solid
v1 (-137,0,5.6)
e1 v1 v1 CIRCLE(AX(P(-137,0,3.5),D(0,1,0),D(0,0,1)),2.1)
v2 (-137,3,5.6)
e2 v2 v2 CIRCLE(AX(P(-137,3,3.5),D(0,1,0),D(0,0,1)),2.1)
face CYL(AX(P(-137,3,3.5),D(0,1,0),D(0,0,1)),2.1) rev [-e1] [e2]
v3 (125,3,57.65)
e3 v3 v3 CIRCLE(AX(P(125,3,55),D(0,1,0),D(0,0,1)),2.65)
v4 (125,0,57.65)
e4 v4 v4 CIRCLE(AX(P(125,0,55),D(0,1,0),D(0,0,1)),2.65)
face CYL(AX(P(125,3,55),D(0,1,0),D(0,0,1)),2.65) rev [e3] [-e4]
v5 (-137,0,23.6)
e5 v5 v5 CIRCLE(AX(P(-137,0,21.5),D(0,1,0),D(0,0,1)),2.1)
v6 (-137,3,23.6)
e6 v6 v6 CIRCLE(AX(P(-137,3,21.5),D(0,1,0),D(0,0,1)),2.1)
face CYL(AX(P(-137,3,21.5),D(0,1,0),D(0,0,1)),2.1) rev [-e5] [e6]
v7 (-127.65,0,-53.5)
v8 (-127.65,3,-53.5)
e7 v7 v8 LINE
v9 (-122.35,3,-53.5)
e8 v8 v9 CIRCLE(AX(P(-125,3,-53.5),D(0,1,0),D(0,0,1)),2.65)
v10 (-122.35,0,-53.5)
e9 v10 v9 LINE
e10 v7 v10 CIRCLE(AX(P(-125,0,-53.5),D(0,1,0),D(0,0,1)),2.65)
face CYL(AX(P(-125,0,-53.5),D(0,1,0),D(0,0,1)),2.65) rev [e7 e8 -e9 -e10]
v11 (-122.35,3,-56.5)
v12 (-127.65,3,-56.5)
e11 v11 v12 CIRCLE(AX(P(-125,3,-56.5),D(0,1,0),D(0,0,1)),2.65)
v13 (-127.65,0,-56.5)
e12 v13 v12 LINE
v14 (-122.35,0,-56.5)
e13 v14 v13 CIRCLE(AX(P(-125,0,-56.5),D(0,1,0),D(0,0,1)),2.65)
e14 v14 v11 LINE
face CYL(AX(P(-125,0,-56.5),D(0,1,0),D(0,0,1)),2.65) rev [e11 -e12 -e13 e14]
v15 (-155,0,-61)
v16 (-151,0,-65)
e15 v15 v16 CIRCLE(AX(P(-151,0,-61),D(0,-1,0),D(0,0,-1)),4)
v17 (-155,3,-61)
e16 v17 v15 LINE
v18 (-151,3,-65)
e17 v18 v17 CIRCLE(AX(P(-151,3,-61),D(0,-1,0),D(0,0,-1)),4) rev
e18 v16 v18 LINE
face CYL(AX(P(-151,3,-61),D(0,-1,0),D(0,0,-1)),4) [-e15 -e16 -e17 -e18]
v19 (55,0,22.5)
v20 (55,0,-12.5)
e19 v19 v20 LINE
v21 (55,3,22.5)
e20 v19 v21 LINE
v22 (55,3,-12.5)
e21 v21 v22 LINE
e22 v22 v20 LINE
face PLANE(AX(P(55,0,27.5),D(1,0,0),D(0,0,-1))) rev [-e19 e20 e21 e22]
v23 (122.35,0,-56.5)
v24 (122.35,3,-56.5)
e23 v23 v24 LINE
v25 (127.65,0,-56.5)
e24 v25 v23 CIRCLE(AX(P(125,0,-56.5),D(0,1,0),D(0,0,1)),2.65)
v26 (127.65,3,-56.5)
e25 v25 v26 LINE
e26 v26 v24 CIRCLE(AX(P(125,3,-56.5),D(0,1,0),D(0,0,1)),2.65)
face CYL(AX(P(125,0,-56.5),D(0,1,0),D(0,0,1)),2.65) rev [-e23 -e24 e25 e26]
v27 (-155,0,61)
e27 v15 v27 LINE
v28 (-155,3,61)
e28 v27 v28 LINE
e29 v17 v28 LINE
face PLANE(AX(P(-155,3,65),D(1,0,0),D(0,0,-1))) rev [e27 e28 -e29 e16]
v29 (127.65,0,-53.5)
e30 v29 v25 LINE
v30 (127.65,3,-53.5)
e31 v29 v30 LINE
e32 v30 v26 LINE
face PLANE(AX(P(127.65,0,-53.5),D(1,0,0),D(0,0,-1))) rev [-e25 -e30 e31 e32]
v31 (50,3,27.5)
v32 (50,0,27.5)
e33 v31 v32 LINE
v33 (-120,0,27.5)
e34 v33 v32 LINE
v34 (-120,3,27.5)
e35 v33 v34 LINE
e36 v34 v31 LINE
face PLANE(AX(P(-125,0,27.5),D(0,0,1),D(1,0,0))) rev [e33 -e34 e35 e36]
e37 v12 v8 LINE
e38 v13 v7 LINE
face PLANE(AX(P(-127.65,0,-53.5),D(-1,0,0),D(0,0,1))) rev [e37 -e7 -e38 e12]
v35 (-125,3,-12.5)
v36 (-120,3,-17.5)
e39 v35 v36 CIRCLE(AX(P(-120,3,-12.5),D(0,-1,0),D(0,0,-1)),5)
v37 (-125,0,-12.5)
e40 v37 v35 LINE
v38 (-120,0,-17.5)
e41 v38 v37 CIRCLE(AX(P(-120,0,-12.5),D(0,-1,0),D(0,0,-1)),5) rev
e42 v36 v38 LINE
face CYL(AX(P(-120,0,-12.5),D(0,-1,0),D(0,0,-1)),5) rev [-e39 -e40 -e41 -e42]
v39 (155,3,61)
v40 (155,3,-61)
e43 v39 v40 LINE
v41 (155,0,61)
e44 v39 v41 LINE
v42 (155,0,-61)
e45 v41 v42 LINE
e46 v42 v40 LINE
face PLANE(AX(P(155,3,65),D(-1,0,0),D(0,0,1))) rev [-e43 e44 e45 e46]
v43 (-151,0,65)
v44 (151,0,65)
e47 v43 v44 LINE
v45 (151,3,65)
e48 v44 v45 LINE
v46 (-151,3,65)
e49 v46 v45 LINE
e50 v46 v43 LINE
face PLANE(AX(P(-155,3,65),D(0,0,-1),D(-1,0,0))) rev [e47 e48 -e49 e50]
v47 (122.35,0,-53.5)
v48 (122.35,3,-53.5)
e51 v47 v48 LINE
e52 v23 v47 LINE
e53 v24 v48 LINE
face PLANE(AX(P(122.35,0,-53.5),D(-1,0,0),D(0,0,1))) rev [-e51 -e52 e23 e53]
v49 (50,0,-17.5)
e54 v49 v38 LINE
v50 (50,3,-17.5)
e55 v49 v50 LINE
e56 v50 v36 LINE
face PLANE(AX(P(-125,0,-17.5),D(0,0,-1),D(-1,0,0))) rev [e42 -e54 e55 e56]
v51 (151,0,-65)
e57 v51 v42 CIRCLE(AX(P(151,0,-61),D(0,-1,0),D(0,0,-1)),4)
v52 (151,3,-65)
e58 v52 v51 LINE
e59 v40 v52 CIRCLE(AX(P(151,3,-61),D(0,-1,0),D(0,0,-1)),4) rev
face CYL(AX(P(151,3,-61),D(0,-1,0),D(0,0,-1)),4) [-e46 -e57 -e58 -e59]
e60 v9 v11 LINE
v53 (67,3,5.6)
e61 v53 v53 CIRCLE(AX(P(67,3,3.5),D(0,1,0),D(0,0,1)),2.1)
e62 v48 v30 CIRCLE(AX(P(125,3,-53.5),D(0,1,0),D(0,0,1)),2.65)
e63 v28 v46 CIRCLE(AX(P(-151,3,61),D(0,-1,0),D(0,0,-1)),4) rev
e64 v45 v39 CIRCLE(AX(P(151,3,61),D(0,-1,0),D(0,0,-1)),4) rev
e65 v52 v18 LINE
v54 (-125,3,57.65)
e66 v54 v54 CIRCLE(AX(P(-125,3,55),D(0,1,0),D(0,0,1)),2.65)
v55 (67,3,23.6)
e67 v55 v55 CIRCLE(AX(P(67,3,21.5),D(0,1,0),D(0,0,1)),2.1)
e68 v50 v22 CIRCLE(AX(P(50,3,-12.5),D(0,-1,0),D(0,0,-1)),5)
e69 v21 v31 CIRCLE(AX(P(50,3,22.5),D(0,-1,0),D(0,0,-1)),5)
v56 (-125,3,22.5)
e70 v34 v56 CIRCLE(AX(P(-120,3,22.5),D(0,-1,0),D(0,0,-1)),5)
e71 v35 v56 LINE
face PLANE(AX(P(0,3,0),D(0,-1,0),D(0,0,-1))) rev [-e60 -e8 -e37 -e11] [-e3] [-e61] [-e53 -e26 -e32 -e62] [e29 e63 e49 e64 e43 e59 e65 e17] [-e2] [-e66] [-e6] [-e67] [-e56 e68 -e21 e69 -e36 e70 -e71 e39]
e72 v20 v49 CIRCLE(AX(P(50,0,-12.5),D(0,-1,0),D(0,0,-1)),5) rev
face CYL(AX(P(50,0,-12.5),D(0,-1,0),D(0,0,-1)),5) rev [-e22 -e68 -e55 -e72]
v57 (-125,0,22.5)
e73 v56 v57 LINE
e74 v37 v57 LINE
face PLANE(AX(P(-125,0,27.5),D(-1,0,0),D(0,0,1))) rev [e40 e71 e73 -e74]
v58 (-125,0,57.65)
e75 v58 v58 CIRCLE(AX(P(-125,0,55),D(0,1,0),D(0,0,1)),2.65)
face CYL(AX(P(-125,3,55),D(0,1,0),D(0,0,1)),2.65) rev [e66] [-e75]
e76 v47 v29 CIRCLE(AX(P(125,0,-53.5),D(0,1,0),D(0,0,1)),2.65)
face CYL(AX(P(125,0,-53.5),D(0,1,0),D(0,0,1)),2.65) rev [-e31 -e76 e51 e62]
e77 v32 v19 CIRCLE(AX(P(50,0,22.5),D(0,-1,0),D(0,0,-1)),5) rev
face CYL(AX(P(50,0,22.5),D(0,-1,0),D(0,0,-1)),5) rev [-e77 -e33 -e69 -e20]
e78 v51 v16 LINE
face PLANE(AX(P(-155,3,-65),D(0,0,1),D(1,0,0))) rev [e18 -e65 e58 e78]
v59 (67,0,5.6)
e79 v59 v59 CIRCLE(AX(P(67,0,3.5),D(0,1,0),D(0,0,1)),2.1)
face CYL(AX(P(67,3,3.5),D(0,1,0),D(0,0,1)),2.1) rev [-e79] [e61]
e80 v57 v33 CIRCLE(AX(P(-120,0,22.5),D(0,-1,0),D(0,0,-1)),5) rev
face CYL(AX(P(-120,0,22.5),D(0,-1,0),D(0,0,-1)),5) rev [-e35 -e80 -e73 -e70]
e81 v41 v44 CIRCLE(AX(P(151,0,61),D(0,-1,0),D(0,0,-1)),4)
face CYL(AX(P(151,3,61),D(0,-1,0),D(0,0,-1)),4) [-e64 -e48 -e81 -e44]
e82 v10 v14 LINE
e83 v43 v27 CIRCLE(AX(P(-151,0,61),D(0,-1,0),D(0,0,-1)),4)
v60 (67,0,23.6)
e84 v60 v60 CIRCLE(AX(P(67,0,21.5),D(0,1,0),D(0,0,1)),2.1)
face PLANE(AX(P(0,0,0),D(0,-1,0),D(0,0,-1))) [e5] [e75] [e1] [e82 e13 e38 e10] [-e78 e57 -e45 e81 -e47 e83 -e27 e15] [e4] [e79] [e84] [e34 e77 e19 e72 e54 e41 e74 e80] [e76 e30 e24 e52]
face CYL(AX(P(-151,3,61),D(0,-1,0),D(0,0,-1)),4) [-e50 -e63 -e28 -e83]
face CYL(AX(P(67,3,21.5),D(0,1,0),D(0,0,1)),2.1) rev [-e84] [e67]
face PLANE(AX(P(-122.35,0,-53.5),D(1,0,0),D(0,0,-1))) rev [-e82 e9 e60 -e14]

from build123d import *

# Parameters (mm, degrees)
SKETCH1_W                  = 310
SKETCH1_H                  = 130
BOSS_EXTRUDE1_DEPTH        = 3
FILLET1_R                  = 4
F_5_3_5_3_DIAMETER_HOLE1_D = 5.3
SKETCH6_W                  = 180
SKETCH6_H                  = 45
CUT_EXTRUDE1_DEPTH         = 4
FILLET2_R                  = 5
M5X0_8_TAPPED_HOLE1_D      = 4.2
CUT_EXTRUDE2_DEPTH         = 4


with BuildPart() as part:
    # Sketch1 → Boss-Extrude1 (new body)
    with BuildSketch(Plane(origin=(0, 0, 0), x_dir=(1, 0, 0), z_dir=(0, 1, 0))):
        Rectangle(SKETCH1_W, SKETCH1_H)
    extrude(amount=BOSS_EXTRUDE1_DEPTH)

    # Fillet1
    fillet1_edges = [part.edges().sort_by_distance(p)[0] for p in [
        (155, 1.5, 65),
        (-155, 1.5, 65),
        (-155, 1.5, -65),
        (155, 1.5, -65),
    ]]
    fillet(fillet1_edges, radius=FILLET1_R)

    # Ø5.3 (5.3) Diameter Hole1 (through all)
    with Locations(Plane(origin=(0, 3, 0), x_dir=(1, 0, 0), z_dir=(0, 1, 0))):
        with Locations((125, 55), (-125, -55), (-125, 55), (125, -55)):
            Hole(F_5_3_5_3_DIAMETER_HOLE1_D / 2)

    # Sketch6 → Cut-Extrude1 (cut, through all)
    with BuildSketch(Plane(origin=(0, 3, 0), x_dir=(1, 0, 0), z_dir=(0, 1, 0))):
        with Locations((-35, -5)):
            Rectangle(SKETCH6_W, SKETCH6_H)
    extrude(amount=-CUT_EXTRUDE1_DEPTH, mode=Mode.SUBTRACT)

    # Fillet2
    fillet2_edges = [part.edges().sort_by_distance(p)[0] for p in [
        (55, 1.5, -17.5),
        (55, 1.5, 27.5),
        (-125, 1.5, 27.5),
        (-125, 1.5, -17.5),
    ]]
    fillet(fillet2_edges, radius=FILLET2_R)

    # M5x0.8 Tapped Hole1 (through all)
    with Locations(Plane(origin=(0, 3, 0), x_dir=(1, 0, 0), z_dir=(0, 1, 0))):
        with Locations((67, -3.5), (-137, -21.5), (-137, -3.5), (67, -21.5)):
            Hole(M5X0_8_TAPPED_HOLE1_D / 2)

    # Sketch9 → Cut-Extrude2 (cut, through all)
    with BuildSketch(Plane(origin=(0, 3, 0), x_dir=(1, 0, 0), z_dir=(0, 1, 0))):
        with BuildLine():
            Line((-127.65, 53.5), (-127.65, 56.5))
            ThreePointArc((-127.65, 56.5), (-125, 59.15), (-122.35, 56.5))
            Line((-122.35, 56.5), (-122.35, 53.5))
            ThreePointArc((-122.35, 53.5), (-125, 50.85), (-127.65, 53.5))
        make_face()
        with BuildLine():
            Line((122.35, 53.5), (122.35, 56.5))
            ThreePointArc((122.35, 56.5), (125, 59.15), (127.65, 56.5))
            Line((127.65, 56.5), (127.65, 53.5))
            ThreePointArc((127.65, 53.5), (125, 50.85), (122.35, 53.5))
        make_face()
    extrude(amount=-CUT_EXTRUDE2_DEPTH, mode=Mode.SUBTRACT)


solid = part.part
